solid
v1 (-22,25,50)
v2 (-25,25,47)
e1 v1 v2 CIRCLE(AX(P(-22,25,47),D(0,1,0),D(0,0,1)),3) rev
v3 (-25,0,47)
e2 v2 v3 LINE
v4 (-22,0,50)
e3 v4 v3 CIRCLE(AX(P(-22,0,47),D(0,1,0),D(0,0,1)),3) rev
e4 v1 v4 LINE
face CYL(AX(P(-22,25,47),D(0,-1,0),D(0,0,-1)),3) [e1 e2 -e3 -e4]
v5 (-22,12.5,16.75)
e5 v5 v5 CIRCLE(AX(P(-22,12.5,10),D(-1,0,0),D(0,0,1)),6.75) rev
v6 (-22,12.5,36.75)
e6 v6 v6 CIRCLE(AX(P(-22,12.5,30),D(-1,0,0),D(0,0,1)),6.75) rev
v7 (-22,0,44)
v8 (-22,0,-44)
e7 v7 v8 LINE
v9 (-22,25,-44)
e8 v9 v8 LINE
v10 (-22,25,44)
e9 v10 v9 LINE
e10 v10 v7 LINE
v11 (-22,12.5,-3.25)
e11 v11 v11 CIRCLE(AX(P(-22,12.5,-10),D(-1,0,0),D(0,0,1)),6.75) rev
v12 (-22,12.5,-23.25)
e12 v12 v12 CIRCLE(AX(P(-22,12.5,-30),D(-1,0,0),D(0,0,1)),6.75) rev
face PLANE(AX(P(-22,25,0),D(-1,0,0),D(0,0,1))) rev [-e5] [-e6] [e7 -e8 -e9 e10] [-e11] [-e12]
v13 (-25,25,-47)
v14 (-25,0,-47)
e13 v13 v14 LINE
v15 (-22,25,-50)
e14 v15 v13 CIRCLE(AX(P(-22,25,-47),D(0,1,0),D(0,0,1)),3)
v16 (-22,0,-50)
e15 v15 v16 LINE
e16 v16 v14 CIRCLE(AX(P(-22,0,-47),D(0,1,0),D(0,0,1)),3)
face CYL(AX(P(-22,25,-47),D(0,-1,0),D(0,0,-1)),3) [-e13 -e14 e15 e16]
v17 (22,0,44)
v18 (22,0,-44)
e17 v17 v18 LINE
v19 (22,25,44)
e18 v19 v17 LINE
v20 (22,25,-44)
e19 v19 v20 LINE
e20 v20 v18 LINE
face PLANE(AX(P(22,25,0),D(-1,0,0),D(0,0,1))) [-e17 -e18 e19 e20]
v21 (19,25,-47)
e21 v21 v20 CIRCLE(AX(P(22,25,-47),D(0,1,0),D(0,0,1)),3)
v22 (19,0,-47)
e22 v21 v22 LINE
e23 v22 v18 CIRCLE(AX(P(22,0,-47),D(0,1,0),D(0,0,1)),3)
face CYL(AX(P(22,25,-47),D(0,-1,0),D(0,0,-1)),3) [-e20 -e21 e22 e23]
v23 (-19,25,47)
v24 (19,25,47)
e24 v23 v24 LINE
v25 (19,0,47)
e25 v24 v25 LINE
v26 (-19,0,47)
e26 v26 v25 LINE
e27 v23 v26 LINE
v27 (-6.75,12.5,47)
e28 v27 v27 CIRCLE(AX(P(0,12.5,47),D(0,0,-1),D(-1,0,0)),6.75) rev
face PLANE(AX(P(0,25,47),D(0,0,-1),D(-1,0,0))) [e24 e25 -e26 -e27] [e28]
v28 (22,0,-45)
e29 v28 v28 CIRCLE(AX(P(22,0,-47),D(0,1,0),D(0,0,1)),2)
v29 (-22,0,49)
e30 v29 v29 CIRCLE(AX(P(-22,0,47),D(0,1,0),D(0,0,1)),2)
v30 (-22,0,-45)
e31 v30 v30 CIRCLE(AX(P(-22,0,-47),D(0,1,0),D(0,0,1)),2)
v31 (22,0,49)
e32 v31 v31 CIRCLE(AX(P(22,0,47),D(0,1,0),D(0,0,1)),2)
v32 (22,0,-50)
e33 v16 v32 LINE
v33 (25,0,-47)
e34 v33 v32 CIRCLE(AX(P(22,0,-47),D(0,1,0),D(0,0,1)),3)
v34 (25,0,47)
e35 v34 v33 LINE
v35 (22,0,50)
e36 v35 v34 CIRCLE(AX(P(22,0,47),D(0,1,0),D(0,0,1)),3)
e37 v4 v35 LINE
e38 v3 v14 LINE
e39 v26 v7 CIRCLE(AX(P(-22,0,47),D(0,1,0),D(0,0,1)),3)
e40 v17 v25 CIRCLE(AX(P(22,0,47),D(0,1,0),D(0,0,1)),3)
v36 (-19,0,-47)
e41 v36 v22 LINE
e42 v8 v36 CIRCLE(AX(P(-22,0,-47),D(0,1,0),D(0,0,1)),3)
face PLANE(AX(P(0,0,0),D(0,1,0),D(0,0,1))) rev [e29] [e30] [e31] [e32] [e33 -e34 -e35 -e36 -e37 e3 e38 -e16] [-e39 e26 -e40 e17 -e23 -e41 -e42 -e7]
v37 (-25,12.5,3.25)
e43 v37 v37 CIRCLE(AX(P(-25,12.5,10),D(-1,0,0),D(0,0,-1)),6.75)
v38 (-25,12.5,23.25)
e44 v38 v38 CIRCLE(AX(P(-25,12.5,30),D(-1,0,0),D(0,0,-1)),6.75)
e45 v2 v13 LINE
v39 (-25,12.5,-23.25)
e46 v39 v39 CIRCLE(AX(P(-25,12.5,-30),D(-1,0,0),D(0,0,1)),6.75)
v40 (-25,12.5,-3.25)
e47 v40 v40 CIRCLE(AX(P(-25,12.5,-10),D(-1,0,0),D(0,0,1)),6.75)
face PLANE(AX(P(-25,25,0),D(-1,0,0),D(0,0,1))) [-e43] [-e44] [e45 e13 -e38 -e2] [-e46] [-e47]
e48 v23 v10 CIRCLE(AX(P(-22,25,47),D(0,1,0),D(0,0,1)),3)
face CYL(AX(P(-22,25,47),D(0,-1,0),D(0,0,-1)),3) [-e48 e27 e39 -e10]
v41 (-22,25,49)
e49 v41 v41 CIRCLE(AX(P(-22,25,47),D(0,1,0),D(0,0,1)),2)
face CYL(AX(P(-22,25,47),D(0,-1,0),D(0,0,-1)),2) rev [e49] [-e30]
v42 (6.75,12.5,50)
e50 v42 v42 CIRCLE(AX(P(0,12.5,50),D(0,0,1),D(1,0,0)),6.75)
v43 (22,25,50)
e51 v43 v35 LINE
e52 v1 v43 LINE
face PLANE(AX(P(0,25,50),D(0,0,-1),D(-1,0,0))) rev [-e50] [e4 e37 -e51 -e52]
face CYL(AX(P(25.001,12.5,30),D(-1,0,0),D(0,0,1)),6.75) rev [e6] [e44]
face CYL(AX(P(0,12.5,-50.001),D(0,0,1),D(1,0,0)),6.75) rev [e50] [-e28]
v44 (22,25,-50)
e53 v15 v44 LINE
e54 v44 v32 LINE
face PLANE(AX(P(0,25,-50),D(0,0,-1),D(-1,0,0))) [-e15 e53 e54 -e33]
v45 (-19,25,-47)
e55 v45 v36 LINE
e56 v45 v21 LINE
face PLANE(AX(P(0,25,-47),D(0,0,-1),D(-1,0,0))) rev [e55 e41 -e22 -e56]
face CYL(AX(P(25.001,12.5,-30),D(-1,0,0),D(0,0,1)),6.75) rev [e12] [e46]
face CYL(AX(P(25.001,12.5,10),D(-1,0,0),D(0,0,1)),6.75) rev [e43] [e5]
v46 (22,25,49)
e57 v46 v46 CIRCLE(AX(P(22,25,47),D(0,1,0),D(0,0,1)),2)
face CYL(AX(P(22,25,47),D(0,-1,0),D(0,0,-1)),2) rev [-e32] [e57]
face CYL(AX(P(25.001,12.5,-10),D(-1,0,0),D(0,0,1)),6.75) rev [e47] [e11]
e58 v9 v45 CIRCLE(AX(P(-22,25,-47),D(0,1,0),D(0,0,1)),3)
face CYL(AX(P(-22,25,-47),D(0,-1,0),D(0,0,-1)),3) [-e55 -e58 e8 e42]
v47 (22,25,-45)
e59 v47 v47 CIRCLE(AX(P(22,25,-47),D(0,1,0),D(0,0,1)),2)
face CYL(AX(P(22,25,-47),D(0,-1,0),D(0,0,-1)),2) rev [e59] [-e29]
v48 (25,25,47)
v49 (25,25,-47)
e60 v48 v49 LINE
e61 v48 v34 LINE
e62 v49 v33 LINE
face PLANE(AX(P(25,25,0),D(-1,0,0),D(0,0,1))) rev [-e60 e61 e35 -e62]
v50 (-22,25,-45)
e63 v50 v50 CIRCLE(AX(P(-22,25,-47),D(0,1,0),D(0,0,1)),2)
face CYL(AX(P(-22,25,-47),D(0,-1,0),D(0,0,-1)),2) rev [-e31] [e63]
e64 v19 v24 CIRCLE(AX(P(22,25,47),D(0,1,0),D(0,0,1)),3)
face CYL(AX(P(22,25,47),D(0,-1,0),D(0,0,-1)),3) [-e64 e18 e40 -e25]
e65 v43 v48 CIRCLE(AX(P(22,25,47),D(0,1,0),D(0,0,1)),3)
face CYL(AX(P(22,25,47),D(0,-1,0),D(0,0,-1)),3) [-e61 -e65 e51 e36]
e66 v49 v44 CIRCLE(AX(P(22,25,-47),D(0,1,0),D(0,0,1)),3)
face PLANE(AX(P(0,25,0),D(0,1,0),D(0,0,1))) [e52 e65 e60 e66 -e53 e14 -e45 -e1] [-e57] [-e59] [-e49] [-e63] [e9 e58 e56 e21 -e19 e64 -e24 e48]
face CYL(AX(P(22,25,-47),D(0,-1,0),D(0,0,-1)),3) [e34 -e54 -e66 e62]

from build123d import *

# Parameters (mm, degrees)
SKETCH1_R           = 2
BOSS_EXTRUDE1_DEPTH = 25
CUT_EXTRUDE1_REACH  = 108.066
SKETCH2_R           = 6.75
CUT_EXTRUDE2_REACH  = 77
SKETCH3_R           = 6.75


with BuildPart() as part:
    # Sketch1 → Boss-Extrude1 (new body)
    with BuildSketch(Plane(origin=(0, 0, 0), x_dir=(1, 0, 0), z_dir=(0, 1, 0))):
        with BuildLine():
            ThreePointArc((-22, 50), (-24.121320344, 49.121320344), (-25, 47))
            Line((-25, 47), (-25, -47))
            ThreePointArc((-25, -47), (-24.121320344, -49.121320344), (-22, -50))
            Line((-22, -50), (22, -50))
            ThreePointArc((22, -50), (24.121320344, -49.121320344), (25, -47))
            Line((25, -47), (25, 47))
            ThreePointArc((25, 47), (24.121320344, 49.121320344), (22, 50))
            Line((22, 50), (-22, 50))
        make_face()
        with Locations(Location((-22, -47, 0), (0, 0, 270))):
            Circle(SKETCH1_R, mode=Mode.SUBTRACT)
        with BuildLine():
            Line((-22, -44), (-22, 44))
            ThreePointArc((-22, 44), (-19.878679656, 44.878679656), (-19, 47))
            Line((-19, 47), (19, 47))
            ThreePointArc((19, 47), (19.878679656, 44.878679656), (22, 44))
            Line((22, 44), (22, -44))
            ThreePointArc((22, -44), (19.878679656, -44.878679656), (19, -47))
            Line((19, -47), (-19, -47))
            ThreePointArc((-19, -47), (-19.878679656, -44.878679656), (-22, -44))
        make_face(mode=Mode.SUBTRACT)
        with Locations(Location((22, 47, 0), (0, 0, 270))):
            Circle(SKETCH1_R, mode=Mode.SUBTRACT)
        with Locations(Location((-22, 47, 0), (0, 0, 270))):
            Circle(SKETCH1_R, mode=Mode.SUBTRACT)
        with Locations(Location((22, -47, 0), (0, 0, 270))):
            Circle(SKETCH1_R, mode=Mode.SUBTRACT)
    extrude(amount=BOSS_EXTRUDE1_DEPTH)

    # Sketch2 → Cut-Extrude1 (cut, up to next)
    with BuildSketch(Plane.XY.offset(50), mode=Mode.PRIVATE) as cut_extrude1_sk1:
        with Locations((0, 12.5)):
            Circle(SKETCH2_R)
    cut_extrude1_tool1 = extrude(cut_extrude1_sk1.sketch, amount=-CUT_EXTRUDE1_REACH, mode=Mode.PRIVATE) & part.part
    add(cut_extrude1_tool1.solids().sort_by_distance((0, 12.5, 50))[0], mode=Mode.SUBTRACT)

    # Sketch3 → Cut-Extrude2 (cut, up to next)
    with BuildSketch(Plane.ZY.offset(25), mode=Mode.PRIVATE) as cut_extrude2_sk1:
        with Locations((-30, 12.5)):
            Circle(SKETCH3_R)
    cut_extrude2_tool1 = extrude(cut_extrude2_sk1.sketch, amount=-CUT_EXTRUDE2_REACH, mode=Mode.PRIVATE) & part.part
    # Sketch3 → Cut-Extrude2 (cut, up to next)
    with BuildSketch(Plane.ZY.offset(25), mode=Mode.PRIVATE) as cut_extrude2_sk2:
        with Locations((-10, 12.5)):
            Circle(SKETCH3_R)
    cut_extrude2_tool2 = extrude(cut_extrude2_sk2.sketch, amount=-CUT_EXTRUDE2_REACH, mode=Mode.PRIVATE) & part.part
    # Sketch3 → Cut-Extrude2 (cut, up to next)
    with BuildSketch(Plane.ZY.offset(25), mode=Mode.PRIVATE) as cut_extrude2_sk3:
        with Locations((10, 12.5)):
            Circle(SKETCH3_R)
    cut_extrude2_tool3 = extrude(cut_extrude2_sk3.sketch, amount=-CUT_EXTRUDE2_REACH, mode=Mode.PRIVATE) & part.part
    # Sketch3 → Cut-Extrude2 (cut, up to next)
    with BuildSketch(Plane.ZY.offset(25), mode=Mode.PRIVATE) as cut_extrude2_sk4:
        with Locations((30, 12.5)):
            Circle(SKETCH3_R)
    cut_extrude2_tool4 = extrude(cut_extrude2_sk4.sketch, amount=-CUT_EXTRUDE2_REACH, mode=Mode.PRIVATE) & part.part
    add(cut_extrude2_tool1.solids().sort_by_distance((-25, 12.5, -30))[0], mode=Mode.SUBTRACT)
    add(cut_extrude2_tool2.solids().sort_by_distance((-25, 12.5, -10))[0], mode=Mode.SUBTRACT)
    add(cut_extrude2_tool3.solids().sort_by_distance((-25, 12.5, 10))[0], mode=Mode.SUBTRACT)
    add(cut_extrude2_tool4.solids().sort_by_distance((-25, 12.5, 30))[0], mode=Mode.SUBTRACT)


solid = part.part
